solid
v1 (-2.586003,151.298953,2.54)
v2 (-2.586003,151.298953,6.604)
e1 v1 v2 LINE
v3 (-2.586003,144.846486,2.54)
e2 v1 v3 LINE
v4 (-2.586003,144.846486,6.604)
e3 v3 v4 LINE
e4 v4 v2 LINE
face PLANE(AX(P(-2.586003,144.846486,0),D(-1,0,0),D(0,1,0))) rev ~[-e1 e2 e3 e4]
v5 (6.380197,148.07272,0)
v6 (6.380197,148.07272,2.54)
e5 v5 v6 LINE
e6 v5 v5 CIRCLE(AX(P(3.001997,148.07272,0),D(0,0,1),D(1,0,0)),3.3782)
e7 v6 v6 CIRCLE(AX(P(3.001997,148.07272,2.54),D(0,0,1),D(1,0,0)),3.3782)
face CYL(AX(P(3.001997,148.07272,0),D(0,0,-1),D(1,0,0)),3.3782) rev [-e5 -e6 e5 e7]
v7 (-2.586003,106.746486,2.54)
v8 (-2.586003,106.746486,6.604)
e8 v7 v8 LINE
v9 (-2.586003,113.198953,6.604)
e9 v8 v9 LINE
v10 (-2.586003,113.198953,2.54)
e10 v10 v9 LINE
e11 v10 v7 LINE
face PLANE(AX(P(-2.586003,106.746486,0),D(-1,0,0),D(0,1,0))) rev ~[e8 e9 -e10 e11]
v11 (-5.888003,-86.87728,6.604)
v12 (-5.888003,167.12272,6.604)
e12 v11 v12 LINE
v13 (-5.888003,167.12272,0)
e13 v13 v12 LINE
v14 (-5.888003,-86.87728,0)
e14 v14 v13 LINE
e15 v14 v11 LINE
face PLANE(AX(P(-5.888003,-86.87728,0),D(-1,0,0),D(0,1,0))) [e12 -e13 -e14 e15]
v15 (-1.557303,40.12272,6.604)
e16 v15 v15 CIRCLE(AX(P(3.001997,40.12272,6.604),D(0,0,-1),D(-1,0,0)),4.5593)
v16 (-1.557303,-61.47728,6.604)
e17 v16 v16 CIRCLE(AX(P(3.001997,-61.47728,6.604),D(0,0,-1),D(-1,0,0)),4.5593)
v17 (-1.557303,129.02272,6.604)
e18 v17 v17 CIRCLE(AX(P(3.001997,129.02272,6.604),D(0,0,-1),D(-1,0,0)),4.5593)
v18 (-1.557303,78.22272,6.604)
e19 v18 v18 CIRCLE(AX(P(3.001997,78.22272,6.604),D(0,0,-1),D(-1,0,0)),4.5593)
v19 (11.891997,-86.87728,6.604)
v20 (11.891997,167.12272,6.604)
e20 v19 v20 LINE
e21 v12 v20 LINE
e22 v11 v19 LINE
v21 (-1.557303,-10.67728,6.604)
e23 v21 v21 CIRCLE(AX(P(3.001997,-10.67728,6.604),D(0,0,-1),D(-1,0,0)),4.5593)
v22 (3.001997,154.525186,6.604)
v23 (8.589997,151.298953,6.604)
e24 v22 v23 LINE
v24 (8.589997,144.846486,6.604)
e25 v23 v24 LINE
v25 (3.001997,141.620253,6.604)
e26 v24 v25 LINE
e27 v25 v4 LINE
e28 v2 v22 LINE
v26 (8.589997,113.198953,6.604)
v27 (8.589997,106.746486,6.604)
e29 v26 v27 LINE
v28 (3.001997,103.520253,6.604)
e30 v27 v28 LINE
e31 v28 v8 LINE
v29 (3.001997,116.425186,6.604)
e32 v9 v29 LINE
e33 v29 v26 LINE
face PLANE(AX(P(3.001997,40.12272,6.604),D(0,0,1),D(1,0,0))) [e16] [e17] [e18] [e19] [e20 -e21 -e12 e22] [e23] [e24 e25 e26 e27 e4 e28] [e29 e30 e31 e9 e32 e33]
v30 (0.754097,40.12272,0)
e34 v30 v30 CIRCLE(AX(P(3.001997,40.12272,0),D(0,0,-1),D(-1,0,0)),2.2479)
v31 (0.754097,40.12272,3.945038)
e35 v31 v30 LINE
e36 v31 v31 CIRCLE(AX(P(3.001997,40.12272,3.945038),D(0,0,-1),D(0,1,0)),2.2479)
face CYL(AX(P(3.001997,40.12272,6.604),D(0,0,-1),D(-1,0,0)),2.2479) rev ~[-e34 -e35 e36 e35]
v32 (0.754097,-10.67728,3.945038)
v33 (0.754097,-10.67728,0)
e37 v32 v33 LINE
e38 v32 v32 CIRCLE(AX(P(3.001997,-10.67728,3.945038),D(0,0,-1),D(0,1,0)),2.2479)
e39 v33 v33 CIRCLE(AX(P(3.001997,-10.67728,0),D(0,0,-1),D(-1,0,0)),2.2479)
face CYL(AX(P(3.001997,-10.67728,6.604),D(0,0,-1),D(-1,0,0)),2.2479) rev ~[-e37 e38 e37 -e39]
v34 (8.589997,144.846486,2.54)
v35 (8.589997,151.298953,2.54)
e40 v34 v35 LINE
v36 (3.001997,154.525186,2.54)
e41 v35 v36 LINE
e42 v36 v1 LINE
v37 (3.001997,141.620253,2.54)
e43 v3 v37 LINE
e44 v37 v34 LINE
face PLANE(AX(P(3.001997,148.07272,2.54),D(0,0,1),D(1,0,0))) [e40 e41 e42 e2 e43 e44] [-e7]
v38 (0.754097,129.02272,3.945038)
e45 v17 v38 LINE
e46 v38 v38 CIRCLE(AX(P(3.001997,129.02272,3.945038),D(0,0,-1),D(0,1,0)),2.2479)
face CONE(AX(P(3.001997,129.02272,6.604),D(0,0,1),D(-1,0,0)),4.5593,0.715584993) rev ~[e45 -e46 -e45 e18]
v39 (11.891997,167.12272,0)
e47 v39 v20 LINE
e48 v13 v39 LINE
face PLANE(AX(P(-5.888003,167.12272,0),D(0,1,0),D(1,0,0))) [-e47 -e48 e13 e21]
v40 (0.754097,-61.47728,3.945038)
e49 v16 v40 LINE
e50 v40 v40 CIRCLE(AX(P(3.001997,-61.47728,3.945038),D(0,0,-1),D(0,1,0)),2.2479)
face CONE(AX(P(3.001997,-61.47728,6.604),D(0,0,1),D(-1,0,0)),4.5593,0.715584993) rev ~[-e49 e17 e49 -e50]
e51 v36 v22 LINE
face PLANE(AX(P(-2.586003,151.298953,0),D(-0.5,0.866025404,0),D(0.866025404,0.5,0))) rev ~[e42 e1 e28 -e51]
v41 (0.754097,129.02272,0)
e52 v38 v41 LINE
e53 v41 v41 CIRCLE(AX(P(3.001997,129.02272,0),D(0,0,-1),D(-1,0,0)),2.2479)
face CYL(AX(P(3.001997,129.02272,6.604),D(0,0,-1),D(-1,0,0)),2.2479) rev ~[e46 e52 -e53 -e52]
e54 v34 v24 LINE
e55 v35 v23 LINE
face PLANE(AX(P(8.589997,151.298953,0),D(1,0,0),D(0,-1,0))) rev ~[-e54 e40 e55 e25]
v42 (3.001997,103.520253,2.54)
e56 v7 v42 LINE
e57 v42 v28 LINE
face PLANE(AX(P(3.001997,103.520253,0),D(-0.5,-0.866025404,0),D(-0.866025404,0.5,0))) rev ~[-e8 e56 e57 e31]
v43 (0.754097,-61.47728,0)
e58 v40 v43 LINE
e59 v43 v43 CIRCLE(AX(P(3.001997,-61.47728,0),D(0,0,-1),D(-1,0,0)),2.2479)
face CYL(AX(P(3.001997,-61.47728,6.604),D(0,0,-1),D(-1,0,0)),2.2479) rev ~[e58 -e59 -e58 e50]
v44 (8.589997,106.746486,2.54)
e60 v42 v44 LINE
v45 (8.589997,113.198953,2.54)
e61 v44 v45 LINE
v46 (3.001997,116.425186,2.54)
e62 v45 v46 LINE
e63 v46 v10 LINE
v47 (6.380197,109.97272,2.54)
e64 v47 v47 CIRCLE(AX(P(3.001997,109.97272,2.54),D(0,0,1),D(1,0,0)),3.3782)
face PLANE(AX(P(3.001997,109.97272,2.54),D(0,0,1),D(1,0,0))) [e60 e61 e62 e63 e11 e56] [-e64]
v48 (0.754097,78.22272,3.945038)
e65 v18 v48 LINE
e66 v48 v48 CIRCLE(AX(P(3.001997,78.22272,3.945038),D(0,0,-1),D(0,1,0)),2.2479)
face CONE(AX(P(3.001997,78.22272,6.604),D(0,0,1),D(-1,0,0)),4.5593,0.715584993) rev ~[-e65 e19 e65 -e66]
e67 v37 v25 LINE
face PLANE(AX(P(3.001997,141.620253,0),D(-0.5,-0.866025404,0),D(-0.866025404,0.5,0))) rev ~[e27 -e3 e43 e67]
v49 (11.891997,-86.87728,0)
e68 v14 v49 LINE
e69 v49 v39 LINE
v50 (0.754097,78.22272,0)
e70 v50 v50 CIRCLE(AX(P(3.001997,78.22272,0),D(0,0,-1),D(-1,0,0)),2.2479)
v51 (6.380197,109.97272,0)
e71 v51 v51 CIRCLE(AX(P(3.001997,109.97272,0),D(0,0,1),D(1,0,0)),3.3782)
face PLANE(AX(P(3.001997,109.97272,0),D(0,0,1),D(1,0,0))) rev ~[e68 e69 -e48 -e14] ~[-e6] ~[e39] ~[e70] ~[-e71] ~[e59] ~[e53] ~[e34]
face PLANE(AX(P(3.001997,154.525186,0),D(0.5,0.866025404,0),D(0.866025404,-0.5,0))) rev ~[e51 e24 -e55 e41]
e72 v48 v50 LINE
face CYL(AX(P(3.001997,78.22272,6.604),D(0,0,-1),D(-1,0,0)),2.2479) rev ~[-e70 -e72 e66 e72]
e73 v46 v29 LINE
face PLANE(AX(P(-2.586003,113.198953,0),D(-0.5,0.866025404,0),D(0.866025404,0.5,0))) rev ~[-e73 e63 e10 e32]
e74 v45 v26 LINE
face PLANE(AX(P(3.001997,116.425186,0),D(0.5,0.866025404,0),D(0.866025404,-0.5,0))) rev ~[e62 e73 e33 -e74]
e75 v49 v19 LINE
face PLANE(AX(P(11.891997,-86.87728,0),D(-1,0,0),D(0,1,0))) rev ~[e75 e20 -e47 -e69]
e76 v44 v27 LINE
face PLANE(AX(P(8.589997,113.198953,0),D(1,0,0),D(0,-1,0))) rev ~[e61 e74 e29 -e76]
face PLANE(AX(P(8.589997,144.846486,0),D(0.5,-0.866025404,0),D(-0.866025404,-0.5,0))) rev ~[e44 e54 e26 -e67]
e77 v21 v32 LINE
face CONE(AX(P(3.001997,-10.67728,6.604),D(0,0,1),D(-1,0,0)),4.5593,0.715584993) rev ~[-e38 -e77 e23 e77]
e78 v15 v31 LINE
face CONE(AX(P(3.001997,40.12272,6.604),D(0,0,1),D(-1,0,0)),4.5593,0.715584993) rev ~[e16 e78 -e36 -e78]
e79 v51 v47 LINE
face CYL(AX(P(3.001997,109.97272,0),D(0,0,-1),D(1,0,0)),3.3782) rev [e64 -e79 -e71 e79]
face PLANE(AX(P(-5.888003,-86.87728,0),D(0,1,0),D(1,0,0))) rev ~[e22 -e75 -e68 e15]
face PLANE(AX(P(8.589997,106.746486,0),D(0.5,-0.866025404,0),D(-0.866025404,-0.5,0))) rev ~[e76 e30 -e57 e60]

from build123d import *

# Parameters (mm, degrees)
F0_W           = 17.78
F0_H           = 254
F1_DEPTH       = 6.604
F0_R           = 3.3782
F2_DEPTH       = 2.54
F4_D           = 4.4958
F4_CSINK_D     = 9.1186
F4_CSINK_ANGLE = 82


with BuildPart() as f1:
    # F0 (on Top) → F1 (new body)
    with BuildSketch(Plane.XY):
        with Locations((3.0019969136, 40.122719574)):
            Rectangle(F0_W, F0_H)
        Polygon((8.5899969136, 113.1989528782), (8.5899969136, 106.7464862697), (3.0019969136, 103.5202529655), (-2.5860030864, 106.7464862697), (-2.5860030864, 113.1989528782), (3.0019969136, 116.4251861824), align=None, mode=Mode.SUBTRACT)
        Polygon((3.0019969136, 154.5251861824), (8.5899969136, 151.2989528782), (8.5899969136, 144.8464862697), (3.0019969136, 141.6202529655), (-2.5860030864, 144.8464862697), (-2.5860030864, 151.2989528782), align=None, mode=Mode.SUBTRACT)
    extrude(amount=F1_DEPTH)

    # F0 (on Top) → F2 (join)
    with BuildSketch(Plane.XY):
        Polygon((3.0019969136, 103.5202529655), (8.5899969136, 106.7464862697), (8.5899969136, 113.1989528782), (3.0019969136, 116.4251861824), (-2.5860030864, 113.1989528782), (-2.5860030864, 106.7464862697), align=None)
        with Locations((3.0019969136, 109.972719574)):
            Circle(F0_R, mode=Mode.SUBTRACT)
        Polygon((8.5899969136, 144.8464862697), (8.5899969136, 151.2989528782), (3.0019969136, 154.5251861824), (-2.5860030864, 151.2989528782), (-2.5860030864, 144.8464862697), (3.0019969136, 141.6202529655), align=None)
        with Locations((3.0019969136, 148.072719574)):
            Circle(F0_R, mode=Mode.SUBTRACT)
    extrude(amount=F2_DEPTH)

    # F4 (through all)
    with Locations(Plane.XY.offset(6.604)):
        with Locations((3.0019969136, 129.022719574), (3.0019969136, 78.222719574), (3.0019969136, 40.122719574), (3.0019969136, -10.677280426), (3.0019969136, -61.477280426)):
            CounterSinkHole(F4_D / 2, F4_CSINK_D / 2, counter_sink_angle=F4_CSINK_ANGLE)


solid = f1.part
